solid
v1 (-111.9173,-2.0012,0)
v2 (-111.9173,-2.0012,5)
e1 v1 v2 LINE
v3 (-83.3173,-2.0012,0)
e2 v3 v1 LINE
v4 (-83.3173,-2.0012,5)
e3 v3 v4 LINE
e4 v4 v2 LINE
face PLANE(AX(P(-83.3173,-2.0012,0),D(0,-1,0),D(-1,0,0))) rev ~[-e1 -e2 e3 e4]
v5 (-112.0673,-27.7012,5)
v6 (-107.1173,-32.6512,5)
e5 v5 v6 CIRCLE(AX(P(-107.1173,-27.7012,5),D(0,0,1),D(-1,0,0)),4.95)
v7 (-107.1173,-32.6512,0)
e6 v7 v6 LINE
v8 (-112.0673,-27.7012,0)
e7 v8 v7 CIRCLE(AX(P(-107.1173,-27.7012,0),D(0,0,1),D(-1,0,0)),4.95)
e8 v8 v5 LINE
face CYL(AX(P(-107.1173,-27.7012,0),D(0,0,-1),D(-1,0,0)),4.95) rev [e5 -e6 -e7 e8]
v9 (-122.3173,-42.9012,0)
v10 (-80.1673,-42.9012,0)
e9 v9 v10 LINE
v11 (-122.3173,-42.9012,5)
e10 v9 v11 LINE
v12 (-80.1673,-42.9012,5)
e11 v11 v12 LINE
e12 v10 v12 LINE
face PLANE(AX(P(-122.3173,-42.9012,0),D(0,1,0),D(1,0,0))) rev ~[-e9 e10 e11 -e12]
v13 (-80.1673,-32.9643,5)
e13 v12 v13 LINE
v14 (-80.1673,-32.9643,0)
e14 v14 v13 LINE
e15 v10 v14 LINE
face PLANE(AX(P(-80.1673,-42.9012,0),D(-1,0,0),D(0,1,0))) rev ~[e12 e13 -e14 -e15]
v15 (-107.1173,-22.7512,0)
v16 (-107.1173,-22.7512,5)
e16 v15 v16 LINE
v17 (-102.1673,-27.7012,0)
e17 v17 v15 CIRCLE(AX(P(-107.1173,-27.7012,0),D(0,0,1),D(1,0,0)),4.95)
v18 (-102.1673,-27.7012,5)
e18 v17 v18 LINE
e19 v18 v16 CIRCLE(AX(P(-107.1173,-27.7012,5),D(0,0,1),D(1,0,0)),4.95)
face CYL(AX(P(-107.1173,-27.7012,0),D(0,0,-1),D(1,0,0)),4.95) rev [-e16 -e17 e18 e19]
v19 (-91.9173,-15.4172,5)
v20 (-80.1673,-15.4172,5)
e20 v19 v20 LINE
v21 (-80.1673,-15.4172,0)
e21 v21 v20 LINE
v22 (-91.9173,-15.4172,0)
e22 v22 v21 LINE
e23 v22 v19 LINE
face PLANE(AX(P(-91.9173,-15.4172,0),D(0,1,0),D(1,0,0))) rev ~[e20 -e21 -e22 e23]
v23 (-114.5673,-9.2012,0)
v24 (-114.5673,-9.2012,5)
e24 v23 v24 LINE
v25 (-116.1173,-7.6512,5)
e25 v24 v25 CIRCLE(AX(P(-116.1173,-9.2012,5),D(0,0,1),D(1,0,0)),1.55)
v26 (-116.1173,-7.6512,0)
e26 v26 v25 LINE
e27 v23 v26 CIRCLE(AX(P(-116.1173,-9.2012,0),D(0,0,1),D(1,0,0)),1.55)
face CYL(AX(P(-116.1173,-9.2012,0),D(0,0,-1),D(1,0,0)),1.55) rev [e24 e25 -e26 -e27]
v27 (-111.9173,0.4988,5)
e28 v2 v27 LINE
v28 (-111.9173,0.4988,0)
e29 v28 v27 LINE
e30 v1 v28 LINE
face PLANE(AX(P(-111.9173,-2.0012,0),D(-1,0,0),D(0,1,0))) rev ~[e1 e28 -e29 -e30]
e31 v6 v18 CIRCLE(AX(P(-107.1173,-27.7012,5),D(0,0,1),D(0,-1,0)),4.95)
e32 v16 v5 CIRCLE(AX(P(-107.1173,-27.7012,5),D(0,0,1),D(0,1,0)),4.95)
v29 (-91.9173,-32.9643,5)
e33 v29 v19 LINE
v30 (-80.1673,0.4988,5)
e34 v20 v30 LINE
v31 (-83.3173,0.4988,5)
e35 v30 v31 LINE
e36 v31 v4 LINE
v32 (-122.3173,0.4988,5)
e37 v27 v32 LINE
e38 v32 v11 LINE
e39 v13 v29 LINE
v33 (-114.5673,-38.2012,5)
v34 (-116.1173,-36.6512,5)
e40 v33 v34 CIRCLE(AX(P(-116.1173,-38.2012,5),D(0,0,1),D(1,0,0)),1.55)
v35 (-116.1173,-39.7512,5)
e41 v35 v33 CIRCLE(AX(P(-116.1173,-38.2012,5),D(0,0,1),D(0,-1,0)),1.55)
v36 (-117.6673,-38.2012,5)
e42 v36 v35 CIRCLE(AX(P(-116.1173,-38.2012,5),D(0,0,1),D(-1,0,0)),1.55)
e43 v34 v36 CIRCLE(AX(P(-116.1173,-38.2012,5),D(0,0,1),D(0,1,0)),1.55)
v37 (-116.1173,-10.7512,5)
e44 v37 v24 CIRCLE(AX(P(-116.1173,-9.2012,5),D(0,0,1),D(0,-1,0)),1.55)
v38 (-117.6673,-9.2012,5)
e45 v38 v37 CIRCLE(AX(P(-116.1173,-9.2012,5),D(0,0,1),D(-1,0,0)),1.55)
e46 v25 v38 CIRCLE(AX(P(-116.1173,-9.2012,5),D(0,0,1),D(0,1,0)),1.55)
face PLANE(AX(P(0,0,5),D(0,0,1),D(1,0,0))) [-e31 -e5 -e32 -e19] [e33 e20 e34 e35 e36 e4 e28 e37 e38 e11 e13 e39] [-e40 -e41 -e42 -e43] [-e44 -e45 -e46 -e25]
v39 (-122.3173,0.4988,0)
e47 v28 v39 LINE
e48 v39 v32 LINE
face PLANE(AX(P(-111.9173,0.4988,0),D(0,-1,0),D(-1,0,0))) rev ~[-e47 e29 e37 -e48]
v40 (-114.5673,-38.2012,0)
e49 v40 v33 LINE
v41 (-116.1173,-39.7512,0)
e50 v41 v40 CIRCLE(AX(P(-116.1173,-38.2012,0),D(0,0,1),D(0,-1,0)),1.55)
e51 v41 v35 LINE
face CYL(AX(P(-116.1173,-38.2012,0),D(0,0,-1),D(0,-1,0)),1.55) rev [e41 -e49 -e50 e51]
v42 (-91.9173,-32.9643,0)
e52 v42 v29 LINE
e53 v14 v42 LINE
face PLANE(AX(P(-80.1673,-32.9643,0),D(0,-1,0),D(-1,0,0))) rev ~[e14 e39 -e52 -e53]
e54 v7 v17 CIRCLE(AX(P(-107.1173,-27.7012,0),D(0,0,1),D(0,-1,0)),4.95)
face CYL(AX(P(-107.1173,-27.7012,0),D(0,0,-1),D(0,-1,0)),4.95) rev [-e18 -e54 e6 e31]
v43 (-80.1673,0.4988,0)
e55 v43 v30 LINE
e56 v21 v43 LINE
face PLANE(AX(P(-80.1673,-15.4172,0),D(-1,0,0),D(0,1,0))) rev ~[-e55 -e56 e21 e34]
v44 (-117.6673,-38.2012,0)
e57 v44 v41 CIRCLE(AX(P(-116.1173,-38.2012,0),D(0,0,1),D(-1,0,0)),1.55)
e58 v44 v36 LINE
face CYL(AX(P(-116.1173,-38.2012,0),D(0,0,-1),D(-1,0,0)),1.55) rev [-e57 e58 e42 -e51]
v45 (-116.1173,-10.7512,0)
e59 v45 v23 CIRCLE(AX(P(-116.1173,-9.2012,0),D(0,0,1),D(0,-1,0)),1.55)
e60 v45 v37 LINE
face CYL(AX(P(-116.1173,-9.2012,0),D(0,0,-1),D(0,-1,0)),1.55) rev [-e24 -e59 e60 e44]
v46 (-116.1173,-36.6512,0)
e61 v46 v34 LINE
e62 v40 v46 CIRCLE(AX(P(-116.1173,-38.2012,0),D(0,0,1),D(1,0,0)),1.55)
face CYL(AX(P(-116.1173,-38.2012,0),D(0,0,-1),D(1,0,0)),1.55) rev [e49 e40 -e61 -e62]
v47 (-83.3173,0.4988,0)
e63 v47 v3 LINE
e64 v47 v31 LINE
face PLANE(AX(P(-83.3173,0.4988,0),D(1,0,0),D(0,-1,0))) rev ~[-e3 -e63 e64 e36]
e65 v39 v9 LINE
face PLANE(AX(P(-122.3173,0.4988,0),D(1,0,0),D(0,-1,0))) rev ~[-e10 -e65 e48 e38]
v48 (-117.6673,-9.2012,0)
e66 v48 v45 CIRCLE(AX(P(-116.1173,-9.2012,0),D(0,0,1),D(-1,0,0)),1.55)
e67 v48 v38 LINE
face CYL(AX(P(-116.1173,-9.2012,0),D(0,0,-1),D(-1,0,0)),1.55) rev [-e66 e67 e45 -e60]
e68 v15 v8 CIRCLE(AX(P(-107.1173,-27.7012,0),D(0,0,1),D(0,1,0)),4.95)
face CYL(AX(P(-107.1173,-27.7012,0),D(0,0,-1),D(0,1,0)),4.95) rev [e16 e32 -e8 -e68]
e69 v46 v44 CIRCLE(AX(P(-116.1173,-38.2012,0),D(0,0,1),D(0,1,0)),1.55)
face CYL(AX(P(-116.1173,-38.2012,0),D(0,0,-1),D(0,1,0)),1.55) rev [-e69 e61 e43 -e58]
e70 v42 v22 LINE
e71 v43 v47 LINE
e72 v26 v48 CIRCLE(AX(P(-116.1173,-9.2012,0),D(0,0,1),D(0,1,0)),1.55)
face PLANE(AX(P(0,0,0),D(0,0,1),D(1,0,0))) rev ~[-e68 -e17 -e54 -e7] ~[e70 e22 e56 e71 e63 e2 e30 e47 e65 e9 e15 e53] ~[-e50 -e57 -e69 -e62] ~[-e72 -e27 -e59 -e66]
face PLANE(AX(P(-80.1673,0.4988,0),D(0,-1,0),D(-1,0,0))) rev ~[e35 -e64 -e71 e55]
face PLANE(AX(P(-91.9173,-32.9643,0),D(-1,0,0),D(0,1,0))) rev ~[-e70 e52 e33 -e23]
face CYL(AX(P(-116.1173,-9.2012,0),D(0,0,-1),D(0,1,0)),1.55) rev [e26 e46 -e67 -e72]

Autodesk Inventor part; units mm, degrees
ref_plane "YZ Plane" through (0, 0, 0) normal (1, 0, 0) x (0, 1, 0)
ref_plane "XZ Plane" through (0, 0, 0) normal (0, 1, 0) x (-1, 0, 0)
ref_plane "XY Plane" through (0, 0, 0) normal (0, 0, 1) x (1, 0, 0)
sketch "Boceto1" plane through (0, 0, 0) normal (0, 0, 1) x (1, 0, 0)
  arc A0 (-116.1173, -7.6512) -> (-117.6673, -9.2012) centre (-116.1173, -9.2012) ccw
  arc A1 (-117.6673, -9.2012) -> (-116.1173, -10.7512) centre (-116.1173, -9.2012) ccw
  arc A2 (-116.1173, -10.7512) -> (-114.5673, -9.2012) centre (-116.1173, -9.2012) ccw
  arc A3 (-114.5673, -9.2012) -> (-116.1173, -7.6512) centre (-116.1173, -9.2012) ccw
  arc A4 (-116.1173, -36.6512) -> (-117.6673, -38.2012) centre (-116.1173, -38.2012) ccw
  arc A5 (-117.6673, -38.2012) -> (-116.1173, -39.7512) centre (-116.1173, -38.2012) ccw
  arc A6 (-116.1173, -39.7512) -> (-114.5673, -38.2012) centre (-116.1173, -38.2012) ccw
  arc A7 (-114.5673, -38.2012) -> (-116.1173, -36.6512) centre (-116.1173, -38.2012) ccw
  arc A8 (-107.1173, -22.7512) -> (-112.0673, -27.7012) centre (-107.1173, -27.7012) ccw
  arc A9 (-112.0673, -27.7012) -> (-107.1173, -32.6512) centre (-107.1173, -27.7012) ccw
  arc A10 (-107.1173, -32.6512) -> (-102.1673, -27.7012) centre (-107.1173, -27.7012) ccw
  arc A11 (-102.1673, -27.7012) -> (-107.1173, -22.7512) centre (-107.1173, -27.7012) ccw
  line L0 (-122.3173, 0.4988) -> (-122.3173, -42.9012)
  line L1 (-122.3173, -42.9012) -> (-80.1673, -42.9012)
  line L2 (-80.1673, -42.9012) -> (-80.1673, -32.9643)
  line L3 (-80.1673, -32.9643) -> (-91.9173, -32.9643)
  line L4 (-91.9173, -32.9643) -> (-91.9173, -15.4172)
  line L5 (-91.9173, -15.4172) -> (-80.1673, -15.4172)
  line L6 (-80.1673, -15.4172) -> (-80.1673, 0.4988)
  line L7 (-80.1673, 0.4988) -> (-83.3173, 0.4988)
  line L8 (-83.3173, 0.4988) -> (-83.3173, -2.0012)
  line L9 (-83.3173, -2.0012) -> (-111.9173, -2.0012)
  line L10 (-111.9173, -2.0012) -> (-111.9173, 0.4988)
  line L11 (-111.9173, 0.4988) -> (-122.3173, 0.4988)
  point P0 (0, 0)
extrude "Extrusión1" add sketch "Boceto1" along normal blind 5
properties part number "carro x lado motor pieza 2parte 2"
